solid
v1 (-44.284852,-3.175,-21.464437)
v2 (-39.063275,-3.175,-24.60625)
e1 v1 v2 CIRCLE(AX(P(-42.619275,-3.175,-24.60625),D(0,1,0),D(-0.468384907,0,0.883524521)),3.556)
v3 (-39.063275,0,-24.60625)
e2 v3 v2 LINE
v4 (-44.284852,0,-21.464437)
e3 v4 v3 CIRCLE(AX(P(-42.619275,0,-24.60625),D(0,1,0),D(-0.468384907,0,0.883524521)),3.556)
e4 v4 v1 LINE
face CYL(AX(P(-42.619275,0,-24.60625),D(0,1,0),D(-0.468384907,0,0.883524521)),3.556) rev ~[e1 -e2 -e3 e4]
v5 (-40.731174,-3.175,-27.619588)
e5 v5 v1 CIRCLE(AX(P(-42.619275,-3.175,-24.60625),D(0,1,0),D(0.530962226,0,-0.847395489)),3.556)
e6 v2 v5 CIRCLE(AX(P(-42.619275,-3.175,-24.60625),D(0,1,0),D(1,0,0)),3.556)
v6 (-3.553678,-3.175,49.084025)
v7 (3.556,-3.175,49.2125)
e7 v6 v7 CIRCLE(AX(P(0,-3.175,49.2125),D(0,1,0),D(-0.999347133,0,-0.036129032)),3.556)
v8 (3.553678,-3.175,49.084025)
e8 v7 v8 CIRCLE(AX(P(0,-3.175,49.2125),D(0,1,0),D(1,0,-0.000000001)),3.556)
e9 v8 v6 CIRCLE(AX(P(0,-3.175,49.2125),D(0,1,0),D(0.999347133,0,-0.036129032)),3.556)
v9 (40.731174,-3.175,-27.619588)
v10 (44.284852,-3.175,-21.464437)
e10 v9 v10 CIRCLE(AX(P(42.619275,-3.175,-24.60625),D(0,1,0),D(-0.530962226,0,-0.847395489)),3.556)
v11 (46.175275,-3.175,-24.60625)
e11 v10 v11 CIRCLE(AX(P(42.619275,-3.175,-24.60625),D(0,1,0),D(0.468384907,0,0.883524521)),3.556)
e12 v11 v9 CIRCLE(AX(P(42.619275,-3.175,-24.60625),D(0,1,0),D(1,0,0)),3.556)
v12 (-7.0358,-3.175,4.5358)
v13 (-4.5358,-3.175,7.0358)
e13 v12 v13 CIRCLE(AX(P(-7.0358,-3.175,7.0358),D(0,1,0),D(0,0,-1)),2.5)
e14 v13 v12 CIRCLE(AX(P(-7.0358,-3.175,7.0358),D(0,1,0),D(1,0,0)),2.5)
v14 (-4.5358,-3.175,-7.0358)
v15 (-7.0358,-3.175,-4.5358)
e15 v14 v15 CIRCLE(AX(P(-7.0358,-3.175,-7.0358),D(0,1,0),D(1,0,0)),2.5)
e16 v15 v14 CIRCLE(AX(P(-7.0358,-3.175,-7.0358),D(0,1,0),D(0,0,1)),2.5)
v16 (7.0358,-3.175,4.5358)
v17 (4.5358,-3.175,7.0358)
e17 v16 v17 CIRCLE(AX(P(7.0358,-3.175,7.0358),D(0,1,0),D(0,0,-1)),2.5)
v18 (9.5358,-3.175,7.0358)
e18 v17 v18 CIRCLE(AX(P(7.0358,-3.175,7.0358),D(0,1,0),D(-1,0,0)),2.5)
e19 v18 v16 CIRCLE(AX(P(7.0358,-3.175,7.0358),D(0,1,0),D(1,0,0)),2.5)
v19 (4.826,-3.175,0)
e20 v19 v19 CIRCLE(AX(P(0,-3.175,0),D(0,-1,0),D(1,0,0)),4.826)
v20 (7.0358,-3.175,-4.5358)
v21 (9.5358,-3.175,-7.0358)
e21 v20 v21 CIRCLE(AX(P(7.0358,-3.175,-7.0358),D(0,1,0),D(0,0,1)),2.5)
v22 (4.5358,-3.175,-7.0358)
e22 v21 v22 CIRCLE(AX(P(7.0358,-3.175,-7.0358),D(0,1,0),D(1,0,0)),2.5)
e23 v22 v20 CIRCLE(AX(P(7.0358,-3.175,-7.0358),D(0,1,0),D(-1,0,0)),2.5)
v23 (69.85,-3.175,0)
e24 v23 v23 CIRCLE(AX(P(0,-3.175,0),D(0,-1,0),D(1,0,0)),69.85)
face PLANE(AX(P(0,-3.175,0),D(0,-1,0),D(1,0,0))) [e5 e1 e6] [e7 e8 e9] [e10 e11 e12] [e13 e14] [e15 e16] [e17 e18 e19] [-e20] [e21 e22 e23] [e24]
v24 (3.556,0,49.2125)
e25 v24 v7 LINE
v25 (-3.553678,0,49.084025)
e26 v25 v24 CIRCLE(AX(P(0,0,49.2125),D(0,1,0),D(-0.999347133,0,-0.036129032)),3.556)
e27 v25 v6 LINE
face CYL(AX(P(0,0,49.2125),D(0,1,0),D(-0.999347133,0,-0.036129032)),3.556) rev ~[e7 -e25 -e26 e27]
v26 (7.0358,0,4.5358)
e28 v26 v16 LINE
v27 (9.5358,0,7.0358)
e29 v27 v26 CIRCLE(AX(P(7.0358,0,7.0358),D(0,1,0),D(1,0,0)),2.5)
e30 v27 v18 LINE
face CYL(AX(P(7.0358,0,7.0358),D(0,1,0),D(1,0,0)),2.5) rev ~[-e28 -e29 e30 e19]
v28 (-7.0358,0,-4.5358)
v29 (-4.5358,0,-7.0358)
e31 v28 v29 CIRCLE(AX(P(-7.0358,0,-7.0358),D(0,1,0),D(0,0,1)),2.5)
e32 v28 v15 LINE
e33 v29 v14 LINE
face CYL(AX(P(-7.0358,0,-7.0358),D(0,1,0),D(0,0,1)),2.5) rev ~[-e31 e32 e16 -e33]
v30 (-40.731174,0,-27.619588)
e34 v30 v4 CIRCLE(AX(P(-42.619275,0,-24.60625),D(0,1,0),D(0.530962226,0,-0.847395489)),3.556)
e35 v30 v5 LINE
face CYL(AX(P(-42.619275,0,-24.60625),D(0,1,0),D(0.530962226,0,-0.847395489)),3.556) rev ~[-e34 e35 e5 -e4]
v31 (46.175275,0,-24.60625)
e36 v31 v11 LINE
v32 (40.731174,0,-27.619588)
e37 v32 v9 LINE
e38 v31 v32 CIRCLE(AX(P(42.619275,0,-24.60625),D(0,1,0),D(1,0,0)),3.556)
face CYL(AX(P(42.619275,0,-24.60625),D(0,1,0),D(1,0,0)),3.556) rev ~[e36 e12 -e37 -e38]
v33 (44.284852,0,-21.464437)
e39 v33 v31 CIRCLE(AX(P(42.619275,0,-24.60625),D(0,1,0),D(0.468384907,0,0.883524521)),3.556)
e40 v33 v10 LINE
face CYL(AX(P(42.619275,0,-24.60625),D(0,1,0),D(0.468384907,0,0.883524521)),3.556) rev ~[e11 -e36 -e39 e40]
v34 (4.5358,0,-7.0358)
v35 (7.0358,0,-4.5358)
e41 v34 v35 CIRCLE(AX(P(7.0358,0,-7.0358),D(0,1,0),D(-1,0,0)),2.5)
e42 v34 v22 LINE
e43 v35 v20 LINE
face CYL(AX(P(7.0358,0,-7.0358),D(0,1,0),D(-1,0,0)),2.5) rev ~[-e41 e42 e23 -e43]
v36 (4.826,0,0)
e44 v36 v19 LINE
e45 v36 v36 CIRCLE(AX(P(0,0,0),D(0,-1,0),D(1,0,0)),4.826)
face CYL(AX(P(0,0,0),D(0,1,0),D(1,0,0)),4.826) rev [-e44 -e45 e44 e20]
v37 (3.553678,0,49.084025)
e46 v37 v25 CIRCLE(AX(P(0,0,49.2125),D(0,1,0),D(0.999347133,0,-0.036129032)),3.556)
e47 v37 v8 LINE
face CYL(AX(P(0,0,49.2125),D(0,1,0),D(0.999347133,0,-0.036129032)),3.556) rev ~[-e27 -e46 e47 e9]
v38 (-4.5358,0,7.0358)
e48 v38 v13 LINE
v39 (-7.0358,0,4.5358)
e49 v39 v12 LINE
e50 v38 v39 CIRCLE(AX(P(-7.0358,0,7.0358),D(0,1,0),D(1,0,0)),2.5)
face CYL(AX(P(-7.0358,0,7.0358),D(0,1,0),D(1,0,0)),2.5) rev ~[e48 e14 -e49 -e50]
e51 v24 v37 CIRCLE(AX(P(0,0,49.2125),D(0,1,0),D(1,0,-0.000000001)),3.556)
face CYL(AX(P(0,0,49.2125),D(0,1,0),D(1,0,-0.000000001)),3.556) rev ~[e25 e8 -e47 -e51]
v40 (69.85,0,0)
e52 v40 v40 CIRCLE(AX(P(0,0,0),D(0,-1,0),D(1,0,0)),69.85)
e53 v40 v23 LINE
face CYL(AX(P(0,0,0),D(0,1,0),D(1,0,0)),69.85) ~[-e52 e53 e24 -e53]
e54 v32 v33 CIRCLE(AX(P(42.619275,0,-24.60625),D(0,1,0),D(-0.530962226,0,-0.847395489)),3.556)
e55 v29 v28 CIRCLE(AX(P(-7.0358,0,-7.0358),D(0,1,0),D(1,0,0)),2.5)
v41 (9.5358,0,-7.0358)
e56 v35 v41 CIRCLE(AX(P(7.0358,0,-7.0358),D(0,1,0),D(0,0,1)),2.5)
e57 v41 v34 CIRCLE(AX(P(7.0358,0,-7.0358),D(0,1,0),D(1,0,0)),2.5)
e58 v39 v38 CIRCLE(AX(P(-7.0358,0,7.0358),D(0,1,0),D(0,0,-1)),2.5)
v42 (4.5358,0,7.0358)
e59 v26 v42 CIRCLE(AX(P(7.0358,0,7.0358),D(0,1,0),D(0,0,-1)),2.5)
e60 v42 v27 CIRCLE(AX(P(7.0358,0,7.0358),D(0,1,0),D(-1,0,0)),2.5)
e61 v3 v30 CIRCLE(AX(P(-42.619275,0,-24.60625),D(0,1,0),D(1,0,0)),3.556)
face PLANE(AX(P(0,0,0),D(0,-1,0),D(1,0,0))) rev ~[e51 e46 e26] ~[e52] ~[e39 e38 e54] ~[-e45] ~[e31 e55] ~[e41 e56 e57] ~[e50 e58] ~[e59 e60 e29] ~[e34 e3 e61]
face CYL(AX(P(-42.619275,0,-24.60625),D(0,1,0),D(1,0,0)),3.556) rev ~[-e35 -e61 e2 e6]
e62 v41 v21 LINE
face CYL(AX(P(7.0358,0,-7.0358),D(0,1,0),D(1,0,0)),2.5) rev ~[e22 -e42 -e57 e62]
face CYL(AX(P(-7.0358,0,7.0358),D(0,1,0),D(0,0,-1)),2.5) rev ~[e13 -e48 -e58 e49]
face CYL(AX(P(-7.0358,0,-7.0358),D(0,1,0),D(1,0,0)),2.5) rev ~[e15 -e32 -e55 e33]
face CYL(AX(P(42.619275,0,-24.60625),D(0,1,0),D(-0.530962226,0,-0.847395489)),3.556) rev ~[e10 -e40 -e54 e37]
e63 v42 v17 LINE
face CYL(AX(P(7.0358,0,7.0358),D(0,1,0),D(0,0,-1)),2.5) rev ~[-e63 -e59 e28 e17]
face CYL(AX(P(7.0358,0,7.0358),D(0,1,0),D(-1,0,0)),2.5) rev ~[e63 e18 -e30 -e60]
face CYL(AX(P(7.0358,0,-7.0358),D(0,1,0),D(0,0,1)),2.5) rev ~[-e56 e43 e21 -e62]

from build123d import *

# Parameters (mm, degrees)
F0_R     = 69.85
F0_R_2   = 4.826
F1_DEPTH = 3.175


with BuildPart() as f1:
    # F0 (on Front) → F1 (new body)
    with BuildSketch(Plane.XZ):
        Circle(F0_R)
        with BuildLine():
            ThreePointArc((3.5536784064, 49.0840251613), (36.0330095525, 33.5185378386), (49.2125, 0))
            ThreePointArc((49.2125, 0), (47.9647705666, -11.0114004897), (44.2848519129, -21.4644368039))
            ThreePointArc((44.2848519129, -21.4644368039), (45.6662348855, -22.7728999037), (46.1752751837, -24.60625))
            ThreePointArc((46.1752751837, -24.60625), (44.3413446416, -27.7174576083), (40.7311735065, -27.6195883574))
            ThreePointArc((40.7311735065, -27.6195883574), (0, -49.2125), (-40.7311735065, -27.6195883574))
            ThreePointArc((-40.7311735065, -27.6195883574), (-45.6988615196, -26.38425), (-44.2848519129, -21.4644368039))
            ThreePointArc((-44.2848519129, -21.4644368039), (-42.6192751837, 24.60625), (-3.5536784064, 49.0840251613))
            ThreePointArc((-3.5536784064, 49.0840251613), (-0.0642479065, 52.7679195542), (3.556, 49.2125))
            ThreePointArc((3.556, 49.2125), (3.5554195542, 49.1482520935), (3.5536784064, 49.0840251613))
        make_face(mode=Mode.SUBTRACT)
        with BuildLine():
            ThreePointArc((44.2848519129, -21.4644368039), (47.9647705666, -11.0114004897), (49.2125, 0))
            ThreePointArc((49.2125, 0), (36.0330095525, 33.5185378386), (3.5536784064, 49.0840251613))
            ThreePointArc((3.5536784064, 49.0840251613), (0, 45.6565), (-3.5536784064, 49.0840251613))
            ThreePointArc((-3.5536784064, 49.0840251613), (-42.6192751837, 24.60625), (-44.2848519129, -21.4644368039))
            ThreePointArc((-44.2848519129, -21.4644368039), (-40.7859250874, -21.5592902982), (-39.0632751837, -24.60625))
            ThreePointArc((-39.0632751837, -24.60625), (-39.5080675754, -26.3283194579), (-40.7311735065, -27.6195883574))
            ThreePointArc((-40.7311735065, -27.6195883574), (0, -49.2125), (40.7311735065, -27.6195883574))
            ThreePointArc((40.7311735065, -27.6195883574), (39.5396888479, -22.82825), (44.2848519129, -21.4644368039))
        make_face()
        with BuildLine():
            ThreePointArc((-7.0358, 4.5358), (-8.803566953, 8.803566953), (-4.5358, 7.0358))
            Line((-4.5358, 7.0358), (4.5358, 7.0358))
            ThreePointArc((4.5358, 7.0358), (7.0358, 9.5358), (9.5358, 7.0358))
            ThreePointArc((9.5358, 7.0358), (8.803566953, 5.268033047), (7.0358, 4.5358))
            Line((7.0358, 4.5358), (7.0358, -4.5358))
            ThreePointArc((7.0358, -4.5358), (8.803566953, -5.268033047), (9.5358, -7.0358))
            ThreePointArc((9.5358, -7.0358), (7.0358, -9.5358), (4.5358, -7.0358))
            Line((4.5358, -7.0358), (-4.5358, -7.0358))
            ThreePointArc((-4.5358, -7.0358), (-8.803566953, -8.803566953), (-7.0358, -4.5358))
            Line((-7.0358, -4.5358), (-7.0358, 4.5358))
        make_face(mode=Mode.SUBTRACT)
        with BuildLine():
            Line((4.5358, 7.0358), (-4.5358, 7.0358))
            ThreePointArc((-4.5358, 7.0358), (-5.268033047, 5.268033047), (-7.0358, 4.5358))
            Line((-7.0358, 4.5358), (-7.0358, -4.5358))
            ThreePointArc((-7.0358, -4.5358), (-5.268033047, -5.268033047), (-4.5358, -7.0358))
            Line((-4.5358, -7.0358), (4.5358, -7.0358))
            ThreePointArc((4.5358, -7.0358), (5.268033047, -5.268033047), (7.0358, -4.5358))
            Line((7.0358, -4.5358), (7.0358, 4.5358))
            ThreePointArc((7.0358, 4.5358), (5.268033047, 5.268033047), (4.5358, 7.0358))
        make_face()
        Circle(F0_R_2, mode=Mode.SUBTRACT)
    extrude(amount=F1_DEPTH)


solid = f1.part
